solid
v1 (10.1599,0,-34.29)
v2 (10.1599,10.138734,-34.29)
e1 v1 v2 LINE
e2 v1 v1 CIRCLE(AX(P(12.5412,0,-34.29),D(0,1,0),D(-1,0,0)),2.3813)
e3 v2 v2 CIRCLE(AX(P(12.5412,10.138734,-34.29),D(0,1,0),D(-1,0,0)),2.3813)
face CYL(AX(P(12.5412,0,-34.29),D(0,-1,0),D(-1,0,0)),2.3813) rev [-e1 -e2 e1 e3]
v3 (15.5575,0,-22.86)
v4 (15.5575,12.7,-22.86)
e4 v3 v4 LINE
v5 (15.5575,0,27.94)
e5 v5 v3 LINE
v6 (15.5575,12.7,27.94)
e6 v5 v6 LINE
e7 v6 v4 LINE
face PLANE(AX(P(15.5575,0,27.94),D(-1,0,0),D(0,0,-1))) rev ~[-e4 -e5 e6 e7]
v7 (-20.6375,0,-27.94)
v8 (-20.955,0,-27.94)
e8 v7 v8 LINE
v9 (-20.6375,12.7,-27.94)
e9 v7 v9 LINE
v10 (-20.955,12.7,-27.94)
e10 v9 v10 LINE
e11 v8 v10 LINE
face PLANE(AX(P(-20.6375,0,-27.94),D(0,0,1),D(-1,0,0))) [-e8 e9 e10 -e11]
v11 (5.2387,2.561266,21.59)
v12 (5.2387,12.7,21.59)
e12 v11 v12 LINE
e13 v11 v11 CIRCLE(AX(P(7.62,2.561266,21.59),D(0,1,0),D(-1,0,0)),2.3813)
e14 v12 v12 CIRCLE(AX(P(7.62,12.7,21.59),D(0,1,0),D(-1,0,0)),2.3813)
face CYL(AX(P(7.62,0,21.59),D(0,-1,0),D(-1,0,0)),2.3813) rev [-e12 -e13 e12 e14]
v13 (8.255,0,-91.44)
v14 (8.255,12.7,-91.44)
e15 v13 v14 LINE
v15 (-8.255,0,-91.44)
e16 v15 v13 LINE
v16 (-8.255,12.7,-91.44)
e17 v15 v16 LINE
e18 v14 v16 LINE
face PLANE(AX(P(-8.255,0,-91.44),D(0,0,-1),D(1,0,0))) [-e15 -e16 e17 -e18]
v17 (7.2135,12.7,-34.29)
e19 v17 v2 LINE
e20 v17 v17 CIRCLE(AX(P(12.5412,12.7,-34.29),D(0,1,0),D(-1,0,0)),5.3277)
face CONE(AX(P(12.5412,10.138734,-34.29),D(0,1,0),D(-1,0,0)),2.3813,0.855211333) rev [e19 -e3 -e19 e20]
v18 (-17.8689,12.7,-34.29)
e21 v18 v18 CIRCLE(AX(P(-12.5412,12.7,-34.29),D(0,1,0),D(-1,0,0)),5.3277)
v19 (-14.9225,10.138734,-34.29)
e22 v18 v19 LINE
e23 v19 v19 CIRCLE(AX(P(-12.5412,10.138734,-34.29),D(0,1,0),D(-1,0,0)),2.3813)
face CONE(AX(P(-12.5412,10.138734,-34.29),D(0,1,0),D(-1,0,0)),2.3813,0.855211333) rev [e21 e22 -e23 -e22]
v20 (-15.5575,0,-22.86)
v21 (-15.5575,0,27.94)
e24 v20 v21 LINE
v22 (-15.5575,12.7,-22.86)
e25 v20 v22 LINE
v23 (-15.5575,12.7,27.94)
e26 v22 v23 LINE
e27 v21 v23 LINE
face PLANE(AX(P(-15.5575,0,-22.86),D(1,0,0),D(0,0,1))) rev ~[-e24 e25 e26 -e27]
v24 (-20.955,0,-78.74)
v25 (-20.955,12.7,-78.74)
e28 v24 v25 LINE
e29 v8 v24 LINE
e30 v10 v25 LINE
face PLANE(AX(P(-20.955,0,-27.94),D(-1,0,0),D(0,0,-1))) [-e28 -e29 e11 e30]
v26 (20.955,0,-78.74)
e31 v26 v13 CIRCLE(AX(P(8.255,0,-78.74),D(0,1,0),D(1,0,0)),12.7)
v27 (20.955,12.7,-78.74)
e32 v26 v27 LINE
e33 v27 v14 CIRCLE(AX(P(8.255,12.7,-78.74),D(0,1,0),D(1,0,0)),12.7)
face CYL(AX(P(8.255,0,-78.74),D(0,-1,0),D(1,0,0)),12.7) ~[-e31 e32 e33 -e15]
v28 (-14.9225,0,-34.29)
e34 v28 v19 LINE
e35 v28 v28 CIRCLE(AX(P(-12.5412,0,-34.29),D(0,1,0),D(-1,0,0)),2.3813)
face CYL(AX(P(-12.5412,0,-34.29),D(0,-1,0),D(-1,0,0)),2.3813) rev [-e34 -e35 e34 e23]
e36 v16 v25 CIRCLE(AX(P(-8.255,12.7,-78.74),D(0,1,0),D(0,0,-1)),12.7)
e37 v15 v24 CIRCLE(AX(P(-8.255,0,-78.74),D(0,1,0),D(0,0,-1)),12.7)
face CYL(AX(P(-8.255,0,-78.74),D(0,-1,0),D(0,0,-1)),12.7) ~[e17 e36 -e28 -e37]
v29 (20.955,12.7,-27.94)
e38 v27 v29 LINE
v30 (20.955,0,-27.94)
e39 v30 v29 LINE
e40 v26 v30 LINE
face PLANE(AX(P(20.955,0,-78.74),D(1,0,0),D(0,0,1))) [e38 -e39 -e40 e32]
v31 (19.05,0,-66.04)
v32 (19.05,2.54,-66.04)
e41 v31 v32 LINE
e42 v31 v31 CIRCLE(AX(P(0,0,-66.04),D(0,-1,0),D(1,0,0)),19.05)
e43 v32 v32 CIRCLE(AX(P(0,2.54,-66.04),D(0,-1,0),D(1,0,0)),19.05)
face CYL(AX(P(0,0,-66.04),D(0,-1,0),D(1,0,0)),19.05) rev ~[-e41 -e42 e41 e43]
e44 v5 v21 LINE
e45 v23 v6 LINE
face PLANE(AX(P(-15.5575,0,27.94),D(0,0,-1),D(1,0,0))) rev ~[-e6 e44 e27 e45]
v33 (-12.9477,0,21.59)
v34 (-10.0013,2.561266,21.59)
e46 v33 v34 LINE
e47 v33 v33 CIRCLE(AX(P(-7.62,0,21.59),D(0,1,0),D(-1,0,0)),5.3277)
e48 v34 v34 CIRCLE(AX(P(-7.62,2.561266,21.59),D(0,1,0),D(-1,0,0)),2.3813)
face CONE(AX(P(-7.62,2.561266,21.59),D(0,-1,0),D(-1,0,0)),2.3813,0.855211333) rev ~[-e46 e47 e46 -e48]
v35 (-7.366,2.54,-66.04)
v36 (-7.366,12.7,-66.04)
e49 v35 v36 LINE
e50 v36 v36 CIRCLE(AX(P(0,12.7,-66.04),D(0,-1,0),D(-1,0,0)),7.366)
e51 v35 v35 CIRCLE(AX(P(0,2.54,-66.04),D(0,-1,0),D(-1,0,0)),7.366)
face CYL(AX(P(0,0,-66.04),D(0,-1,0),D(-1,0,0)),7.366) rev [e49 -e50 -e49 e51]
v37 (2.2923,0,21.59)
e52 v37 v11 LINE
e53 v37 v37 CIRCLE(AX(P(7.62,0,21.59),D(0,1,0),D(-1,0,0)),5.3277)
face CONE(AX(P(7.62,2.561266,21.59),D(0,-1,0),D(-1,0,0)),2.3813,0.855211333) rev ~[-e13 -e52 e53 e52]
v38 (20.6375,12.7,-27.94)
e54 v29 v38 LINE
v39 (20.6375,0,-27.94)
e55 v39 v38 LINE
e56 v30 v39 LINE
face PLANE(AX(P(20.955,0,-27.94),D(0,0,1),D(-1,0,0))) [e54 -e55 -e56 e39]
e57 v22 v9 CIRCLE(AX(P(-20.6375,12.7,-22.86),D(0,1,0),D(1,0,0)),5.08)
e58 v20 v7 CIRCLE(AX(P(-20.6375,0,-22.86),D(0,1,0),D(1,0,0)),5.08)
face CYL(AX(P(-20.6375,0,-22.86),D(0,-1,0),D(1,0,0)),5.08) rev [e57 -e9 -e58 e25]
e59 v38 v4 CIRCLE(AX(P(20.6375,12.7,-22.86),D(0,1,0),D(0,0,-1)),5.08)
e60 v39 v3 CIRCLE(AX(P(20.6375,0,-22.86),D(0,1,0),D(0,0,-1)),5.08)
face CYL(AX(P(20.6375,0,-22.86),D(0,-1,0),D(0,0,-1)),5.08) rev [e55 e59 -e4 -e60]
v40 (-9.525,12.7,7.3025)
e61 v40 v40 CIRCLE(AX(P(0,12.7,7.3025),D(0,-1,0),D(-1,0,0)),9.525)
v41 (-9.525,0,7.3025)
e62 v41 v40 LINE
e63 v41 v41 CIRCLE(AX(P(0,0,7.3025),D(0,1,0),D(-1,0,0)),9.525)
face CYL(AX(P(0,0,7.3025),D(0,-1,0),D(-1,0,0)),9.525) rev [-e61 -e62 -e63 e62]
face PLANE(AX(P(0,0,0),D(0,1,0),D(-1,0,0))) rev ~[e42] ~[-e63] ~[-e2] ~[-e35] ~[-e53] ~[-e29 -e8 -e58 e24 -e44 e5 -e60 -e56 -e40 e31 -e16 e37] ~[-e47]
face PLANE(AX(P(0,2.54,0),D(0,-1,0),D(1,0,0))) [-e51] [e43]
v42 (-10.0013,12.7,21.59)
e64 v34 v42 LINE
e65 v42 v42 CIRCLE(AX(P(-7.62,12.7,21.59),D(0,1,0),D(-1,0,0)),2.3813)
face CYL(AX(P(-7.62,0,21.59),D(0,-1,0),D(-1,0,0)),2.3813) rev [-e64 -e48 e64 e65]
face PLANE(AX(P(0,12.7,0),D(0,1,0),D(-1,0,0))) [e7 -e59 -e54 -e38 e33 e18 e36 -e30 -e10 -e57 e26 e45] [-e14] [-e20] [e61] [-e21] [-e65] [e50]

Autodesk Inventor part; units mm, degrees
ref_plane "YZ Plane" through (0, 0, 0) normal (1, 0, 0) x (0, 1, 0)
ref_plane "XZ Plane" through (0, 0, 0) normal (0, 1, 0) x (-1, 0, 0)
ref_plane "XY Plane" through (0, 0, 0) normal (0, 0, 1) x (1, 0, 0)
sketch "Sketch1" plane through (0, 0, 0) normal (0, 1, 0) x (-1, 0, 0)
  line L0 (15.5575, -22.86) -> (15.5575, 27.94)
  line L1 (15.5575, 27.94) -> (-15.5575, 27.94)
  line L2 (-15.5575, 27.94) -> (-15.5575, -22.86)
  line L3 (-15.5575, -27.94) -> (15.5575, 27.94) construction
  line L4 (15.5575, -27.94) -> (-15.5575, 27.94) construction
  line L5 (20.6375, -27.94) -> (20.955, -27.94)
  line L6 (20.955, -27.94) -> (20.955, -78.74)
  line L7 (8.255, -91.44) -> (-8.255, -91.44)
  line L8 (-20.955, -78.74) -> (-20.955, -27.94)
  line L9 (-20.955, -27.94) -> (-20.6375, -27.94)
  arc A0 (15.5575, -22.86) -> (20.6375, -27.94) centre (20.6375, -22.86) ccw
  arc A1 (-20.6375, -27.94) -> (-15.5575, -22.86) centre (-20.6375, -22.86) ccw
  circle A2 centre (0, 7.3025) radius 9.525
  arc A3 (8.255, -91.44) -> (20.955, -78.74) centre (8.255, -78.74) ccw
  arc A4 (-20.955, -78.74) -> (-8.255, -91.44) centre (-8.255, -78.74) ccw
  circle A5 centre (0, -66.04) radius 7.366
  line L10 (0, 46.0525) -> (0, -103.086)
  circle A6 centre (7.62, 21.59) radius 2.3813
  circle A7 centre (-7.62, 21.59) radius 2.3813
  circle A8 centre (12.5412, -34.29) radius 2.3813
  circle A9 centre (-12.5412, -34.29) radius 2.3813
  point P0 (0, 0)
  point P1 (20.955, -91.44)
  point P2 (-20.955, -91.44)
  point P3 (0, 0)
  dimension "d0" = 5.08
  dimension "d1" = 31.115
  dimension "d2" = 41.91
  dimension "d3" = 63.5
  dimension "d4" = 119.38
  dimension "d5" = 19.05
  dimension "d6" = 20.6375
  dimension "d7" = 12.7
  dimension "d27" = 25.4
  dimension "d28" = 14.732
  dimension "d29" = 4.7625
  dimension "d30" = 15.24
  dimension "d31" = 6.35
  dimension "d32" = 25.0825
  dimension "d33" = 4.7625
  dimension "d34" = 57.15
extrude "Extrusion1" add sketch "Sketch1" along normal blind 12.7 contours A0 L5 L6 A3 L7 L10 A5 A2 L1 L0 | L10 A2 A5 L7 A4 L8 L9 A1 L2 L1
sketch "Sketch4" plane through (0, 0, 0) normal (0, -1, 0) x (1, 0, 0)
  circle A0 centre (0, -66.04) radius 7.366 projected
  circle A1 centre (0, -66.04) radius 19.05
  point P0 (0, 0)
  dimension "d38" = 38.1
extrude "Extrusion3" cut sketch "Sketch4" against normal blind 2.54
chamfer "Chamfer1" distance 2.9464 angle 41 2 edges at (10.0013, 0, 21.59) (-5.2387, 0, 21.59) measured on face at (-0.3827, 0, -15.9577)
chamfer "Chamfer2" distance 2.9464 angle 41 2 edges at (-10.16, 12.7, -34.29) (14.9225, 12.7, -34.29) measured on face at (-0.3827, 12.7, -15.9577)
equation "\"d33\" = d29"
properties part number "Fixture_Airpot_Support"
